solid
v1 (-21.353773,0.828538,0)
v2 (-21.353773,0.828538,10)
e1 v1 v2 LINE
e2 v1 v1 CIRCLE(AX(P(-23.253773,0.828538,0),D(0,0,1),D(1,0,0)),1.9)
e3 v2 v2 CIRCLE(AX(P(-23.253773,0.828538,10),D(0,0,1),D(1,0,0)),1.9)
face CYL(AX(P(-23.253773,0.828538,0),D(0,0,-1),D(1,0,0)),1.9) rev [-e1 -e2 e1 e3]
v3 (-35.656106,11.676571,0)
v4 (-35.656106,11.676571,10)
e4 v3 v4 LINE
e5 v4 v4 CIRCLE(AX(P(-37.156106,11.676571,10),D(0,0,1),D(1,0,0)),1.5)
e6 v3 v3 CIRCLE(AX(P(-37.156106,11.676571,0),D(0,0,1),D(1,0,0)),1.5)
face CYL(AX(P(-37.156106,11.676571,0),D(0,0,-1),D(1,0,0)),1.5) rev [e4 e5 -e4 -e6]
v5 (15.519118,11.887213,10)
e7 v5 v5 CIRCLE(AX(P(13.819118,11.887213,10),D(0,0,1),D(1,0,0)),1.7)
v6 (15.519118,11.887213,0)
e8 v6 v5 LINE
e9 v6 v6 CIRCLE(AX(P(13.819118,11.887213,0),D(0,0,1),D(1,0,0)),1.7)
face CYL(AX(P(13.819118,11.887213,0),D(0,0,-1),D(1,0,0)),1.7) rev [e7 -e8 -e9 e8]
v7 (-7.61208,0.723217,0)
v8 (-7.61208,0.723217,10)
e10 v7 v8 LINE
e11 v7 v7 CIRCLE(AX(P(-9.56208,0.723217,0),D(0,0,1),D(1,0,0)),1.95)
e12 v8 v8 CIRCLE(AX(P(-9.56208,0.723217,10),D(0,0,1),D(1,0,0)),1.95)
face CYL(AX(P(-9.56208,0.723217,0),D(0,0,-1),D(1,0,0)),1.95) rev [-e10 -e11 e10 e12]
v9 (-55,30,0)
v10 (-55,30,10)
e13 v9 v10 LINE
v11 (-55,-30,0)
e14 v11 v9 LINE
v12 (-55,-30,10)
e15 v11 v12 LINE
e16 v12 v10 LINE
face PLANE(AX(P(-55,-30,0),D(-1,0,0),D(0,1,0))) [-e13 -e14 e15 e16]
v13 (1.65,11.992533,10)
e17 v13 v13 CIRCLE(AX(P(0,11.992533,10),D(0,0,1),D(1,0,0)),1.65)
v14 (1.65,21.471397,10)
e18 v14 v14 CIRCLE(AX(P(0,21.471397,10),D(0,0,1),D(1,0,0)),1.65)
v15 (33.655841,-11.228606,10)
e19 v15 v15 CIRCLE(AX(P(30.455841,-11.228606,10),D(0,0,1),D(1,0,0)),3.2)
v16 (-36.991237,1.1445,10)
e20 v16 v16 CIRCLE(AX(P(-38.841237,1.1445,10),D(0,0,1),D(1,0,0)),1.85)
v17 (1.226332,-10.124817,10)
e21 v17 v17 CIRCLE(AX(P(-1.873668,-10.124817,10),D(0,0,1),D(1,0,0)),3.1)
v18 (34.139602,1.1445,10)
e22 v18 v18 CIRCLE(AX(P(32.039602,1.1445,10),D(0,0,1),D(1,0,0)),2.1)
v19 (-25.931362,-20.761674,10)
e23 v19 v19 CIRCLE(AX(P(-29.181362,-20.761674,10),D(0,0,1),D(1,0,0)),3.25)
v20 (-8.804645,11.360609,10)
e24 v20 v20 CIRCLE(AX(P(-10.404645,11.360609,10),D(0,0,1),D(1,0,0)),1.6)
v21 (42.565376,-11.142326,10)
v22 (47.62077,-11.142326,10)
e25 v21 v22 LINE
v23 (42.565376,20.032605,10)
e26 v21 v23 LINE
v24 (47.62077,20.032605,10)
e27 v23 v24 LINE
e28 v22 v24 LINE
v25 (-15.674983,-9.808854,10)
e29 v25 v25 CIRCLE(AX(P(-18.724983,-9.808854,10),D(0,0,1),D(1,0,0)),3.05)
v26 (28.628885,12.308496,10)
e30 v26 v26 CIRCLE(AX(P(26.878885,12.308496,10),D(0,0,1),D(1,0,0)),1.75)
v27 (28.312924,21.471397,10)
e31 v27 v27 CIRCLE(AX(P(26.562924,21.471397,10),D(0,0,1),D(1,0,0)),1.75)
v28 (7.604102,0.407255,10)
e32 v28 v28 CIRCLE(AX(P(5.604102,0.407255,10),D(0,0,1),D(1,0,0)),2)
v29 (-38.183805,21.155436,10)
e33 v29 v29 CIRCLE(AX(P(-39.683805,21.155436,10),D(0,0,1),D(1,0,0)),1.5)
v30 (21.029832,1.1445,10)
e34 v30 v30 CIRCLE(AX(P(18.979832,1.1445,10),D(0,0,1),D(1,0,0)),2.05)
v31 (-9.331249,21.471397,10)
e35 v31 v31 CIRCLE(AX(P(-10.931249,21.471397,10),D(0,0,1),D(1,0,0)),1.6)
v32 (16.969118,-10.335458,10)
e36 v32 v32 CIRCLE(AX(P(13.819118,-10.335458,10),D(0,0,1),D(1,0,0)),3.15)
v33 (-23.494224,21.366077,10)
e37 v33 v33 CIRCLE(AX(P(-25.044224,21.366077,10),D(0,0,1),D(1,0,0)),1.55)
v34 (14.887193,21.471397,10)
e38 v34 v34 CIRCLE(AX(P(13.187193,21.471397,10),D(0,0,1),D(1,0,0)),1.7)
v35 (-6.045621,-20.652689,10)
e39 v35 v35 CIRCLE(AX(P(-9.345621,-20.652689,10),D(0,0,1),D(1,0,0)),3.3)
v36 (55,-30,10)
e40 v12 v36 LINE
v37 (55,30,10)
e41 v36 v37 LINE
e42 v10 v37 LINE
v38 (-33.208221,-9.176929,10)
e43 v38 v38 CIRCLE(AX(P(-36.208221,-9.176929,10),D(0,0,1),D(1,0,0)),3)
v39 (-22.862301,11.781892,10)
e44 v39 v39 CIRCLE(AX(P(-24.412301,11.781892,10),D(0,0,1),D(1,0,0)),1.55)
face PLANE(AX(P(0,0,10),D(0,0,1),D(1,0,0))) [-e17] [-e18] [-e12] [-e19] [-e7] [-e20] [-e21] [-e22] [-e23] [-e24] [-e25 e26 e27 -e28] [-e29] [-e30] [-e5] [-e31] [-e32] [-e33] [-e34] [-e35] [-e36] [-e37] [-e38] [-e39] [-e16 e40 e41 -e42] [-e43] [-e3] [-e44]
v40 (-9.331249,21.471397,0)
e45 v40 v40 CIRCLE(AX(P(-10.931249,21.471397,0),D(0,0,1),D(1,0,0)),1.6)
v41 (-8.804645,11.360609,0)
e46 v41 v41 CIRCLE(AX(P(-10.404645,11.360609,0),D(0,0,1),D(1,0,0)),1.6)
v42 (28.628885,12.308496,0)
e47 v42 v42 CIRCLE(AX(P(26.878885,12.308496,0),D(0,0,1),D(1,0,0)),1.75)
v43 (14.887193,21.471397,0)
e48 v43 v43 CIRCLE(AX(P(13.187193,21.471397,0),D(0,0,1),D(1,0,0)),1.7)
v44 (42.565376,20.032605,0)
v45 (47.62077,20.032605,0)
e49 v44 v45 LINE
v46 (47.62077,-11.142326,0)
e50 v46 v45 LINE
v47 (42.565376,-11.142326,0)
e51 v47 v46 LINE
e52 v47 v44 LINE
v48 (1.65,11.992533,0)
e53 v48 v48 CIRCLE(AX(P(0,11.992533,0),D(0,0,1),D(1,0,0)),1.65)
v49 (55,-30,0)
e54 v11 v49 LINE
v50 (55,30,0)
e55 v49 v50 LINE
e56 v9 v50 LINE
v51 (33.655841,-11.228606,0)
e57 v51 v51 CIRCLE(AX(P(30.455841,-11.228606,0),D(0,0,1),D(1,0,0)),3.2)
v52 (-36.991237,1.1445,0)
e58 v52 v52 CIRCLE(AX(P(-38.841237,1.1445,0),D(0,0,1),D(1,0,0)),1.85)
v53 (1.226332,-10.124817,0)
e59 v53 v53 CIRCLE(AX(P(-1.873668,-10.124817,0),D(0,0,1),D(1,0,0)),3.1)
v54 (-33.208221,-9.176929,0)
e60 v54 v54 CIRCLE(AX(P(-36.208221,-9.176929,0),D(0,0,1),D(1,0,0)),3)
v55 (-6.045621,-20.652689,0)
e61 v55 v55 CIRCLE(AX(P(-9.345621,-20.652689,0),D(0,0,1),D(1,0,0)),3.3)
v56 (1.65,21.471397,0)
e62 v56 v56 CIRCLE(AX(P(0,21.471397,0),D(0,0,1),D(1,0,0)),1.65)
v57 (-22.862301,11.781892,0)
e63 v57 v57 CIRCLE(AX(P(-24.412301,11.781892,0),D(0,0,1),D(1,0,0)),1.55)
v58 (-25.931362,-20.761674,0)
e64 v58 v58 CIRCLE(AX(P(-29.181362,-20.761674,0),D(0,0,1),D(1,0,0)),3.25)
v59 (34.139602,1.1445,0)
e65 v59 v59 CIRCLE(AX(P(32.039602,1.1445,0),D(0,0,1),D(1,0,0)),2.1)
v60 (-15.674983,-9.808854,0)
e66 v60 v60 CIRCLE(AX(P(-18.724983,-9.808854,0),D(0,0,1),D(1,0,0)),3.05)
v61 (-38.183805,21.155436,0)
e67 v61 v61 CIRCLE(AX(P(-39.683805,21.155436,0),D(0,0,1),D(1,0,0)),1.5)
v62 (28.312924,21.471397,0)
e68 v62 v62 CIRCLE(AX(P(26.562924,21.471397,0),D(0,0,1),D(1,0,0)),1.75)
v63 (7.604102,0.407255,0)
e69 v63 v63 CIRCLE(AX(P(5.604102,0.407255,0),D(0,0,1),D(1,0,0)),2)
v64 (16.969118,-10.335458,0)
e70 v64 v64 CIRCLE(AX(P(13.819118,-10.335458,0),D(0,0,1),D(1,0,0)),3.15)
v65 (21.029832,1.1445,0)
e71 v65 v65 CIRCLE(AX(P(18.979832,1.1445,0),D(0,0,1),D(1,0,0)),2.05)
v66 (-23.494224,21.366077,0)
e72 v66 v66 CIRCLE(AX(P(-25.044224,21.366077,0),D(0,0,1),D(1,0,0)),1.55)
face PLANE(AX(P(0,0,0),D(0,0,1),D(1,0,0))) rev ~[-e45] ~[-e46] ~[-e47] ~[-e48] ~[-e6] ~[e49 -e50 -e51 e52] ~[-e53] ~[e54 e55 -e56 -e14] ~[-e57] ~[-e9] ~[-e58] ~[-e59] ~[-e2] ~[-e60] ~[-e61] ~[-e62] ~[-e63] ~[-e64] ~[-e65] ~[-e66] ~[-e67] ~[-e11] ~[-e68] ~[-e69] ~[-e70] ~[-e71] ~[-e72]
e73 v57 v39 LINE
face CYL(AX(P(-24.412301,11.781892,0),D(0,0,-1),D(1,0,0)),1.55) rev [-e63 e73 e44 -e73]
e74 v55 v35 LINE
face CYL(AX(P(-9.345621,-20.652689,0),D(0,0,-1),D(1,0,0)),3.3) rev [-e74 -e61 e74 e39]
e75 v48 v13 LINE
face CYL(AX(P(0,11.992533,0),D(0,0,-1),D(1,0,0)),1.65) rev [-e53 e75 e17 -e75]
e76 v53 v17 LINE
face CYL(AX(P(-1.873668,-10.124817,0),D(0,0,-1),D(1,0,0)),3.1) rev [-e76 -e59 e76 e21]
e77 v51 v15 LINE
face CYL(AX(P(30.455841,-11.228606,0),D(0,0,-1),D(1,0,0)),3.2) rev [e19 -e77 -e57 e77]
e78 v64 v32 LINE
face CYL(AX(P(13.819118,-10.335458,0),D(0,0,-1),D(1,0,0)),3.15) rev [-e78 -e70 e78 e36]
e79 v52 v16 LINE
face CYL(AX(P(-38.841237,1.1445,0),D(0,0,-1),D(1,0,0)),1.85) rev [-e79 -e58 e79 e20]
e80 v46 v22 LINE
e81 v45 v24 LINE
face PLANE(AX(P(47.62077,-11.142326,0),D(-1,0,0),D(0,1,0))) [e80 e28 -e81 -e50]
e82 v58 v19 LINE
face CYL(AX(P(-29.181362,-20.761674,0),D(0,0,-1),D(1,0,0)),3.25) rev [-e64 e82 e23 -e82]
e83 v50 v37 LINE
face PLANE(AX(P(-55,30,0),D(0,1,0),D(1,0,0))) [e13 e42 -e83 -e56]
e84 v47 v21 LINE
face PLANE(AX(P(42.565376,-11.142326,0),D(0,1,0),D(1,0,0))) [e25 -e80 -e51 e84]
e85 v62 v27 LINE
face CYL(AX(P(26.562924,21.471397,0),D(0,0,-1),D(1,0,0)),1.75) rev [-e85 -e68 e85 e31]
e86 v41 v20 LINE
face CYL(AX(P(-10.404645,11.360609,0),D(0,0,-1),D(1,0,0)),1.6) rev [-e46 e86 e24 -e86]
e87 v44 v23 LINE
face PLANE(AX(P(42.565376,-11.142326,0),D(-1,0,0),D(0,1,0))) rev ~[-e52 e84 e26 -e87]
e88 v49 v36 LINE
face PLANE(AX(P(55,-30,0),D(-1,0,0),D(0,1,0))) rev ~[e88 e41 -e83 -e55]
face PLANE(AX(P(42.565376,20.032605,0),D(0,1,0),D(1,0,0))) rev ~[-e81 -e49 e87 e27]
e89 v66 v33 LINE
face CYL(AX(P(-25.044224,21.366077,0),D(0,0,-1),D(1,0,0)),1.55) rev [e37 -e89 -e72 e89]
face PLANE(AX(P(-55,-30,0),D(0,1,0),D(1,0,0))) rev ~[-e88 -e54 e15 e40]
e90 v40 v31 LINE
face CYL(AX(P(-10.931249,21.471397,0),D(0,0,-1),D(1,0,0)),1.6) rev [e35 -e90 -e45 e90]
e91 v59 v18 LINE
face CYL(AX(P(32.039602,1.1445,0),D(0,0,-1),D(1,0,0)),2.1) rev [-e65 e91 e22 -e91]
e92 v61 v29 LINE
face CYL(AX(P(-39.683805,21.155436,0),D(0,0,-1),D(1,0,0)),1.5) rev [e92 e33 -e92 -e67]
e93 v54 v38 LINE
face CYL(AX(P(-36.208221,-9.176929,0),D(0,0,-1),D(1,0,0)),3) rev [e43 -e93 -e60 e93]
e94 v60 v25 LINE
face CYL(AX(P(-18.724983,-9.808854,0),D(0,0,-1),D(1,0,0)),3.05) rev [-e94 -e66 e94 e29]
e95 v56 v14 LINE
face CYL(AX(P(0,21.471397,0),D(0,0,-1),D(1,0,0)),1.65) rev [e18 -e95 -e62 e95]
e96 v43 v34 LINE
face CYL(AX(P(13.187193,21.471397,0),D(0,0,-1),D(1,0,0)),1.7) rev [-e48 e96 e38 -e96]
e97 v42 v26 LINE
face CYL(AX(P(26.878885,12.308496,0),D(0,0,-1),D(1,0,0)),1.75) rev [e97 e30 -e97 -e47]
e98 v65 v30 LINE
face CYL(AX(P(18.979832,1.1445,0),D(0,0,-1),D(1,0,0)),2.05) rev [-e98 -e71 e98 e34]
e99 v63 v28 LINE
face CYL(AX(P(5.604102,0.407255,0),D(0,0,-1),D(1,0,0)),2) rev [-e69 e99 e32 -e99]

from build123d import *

# Parameters (mm, degrees)
F0_W     = 110
F0_H     = 60
F0_R     = 3.25
F0_R_2   = 3.3
F0_R_3   = 3
F0_R_4   = 3.05
F0_R_5   = 3.1
F0_R_6   = 3.15
F0_R_7   = 3.2
F0_R_8   = 1.85
F0_R_9   = 1.5
F0_R_10  = 1.9
F0_R_11  = 1.95
F0_R_12  = 1.55
F0_R_13  = 1.6
F0_R_14  = 2
F0_R_15  = 2.05
F0_R_16  = 1.65
F0_R_17  = 1.7
F0_R_18  = 1.75
F0_R_19  = 2.1
F0_W_2   = 5.055394
F0_H_2   = 31.174931
F1_DEPTH = 10


with BuildPart() as f1:
    # F0 (on Top) → F1 (new body)
    with BuildSketch(Plane.XY):
        Rectangle(F0_W, F0_H)
        with Locations((-29.181362, -20.761674)):
            Circle(F0_R, mode=Mode.SUBTRACT)
        with Locations((-9.345621, -20.652689)):
            Circle(F0_R_2, mode=Mode.SUBTRACT)
        with Locations((-36.208221, -9.176929)):
            Circle(F0_R_3, mode=Mode.SUBTRACT)
        with Locations((-18.724983, -9.808854)):
            Circle(F0_R_4, mode=Mode.SUBTRACT)
        with Locations((-1.873668, -10.124817)):
            Circle(F0_R_5, mode=Mode.SUBTRACT)
        with Locations((13.819118, -10.335458)):
            Circle(F0_R_6, mode=Mode.SUBTRACT)
        with Locations((30.455841, -11.228606)):
            Circle(F0_R_7, mode=Mode.SUBTRACT)
        with Locations((-38.841237, 1.1445)):
            Circle(F0_R_8, mode=Mode.SUBTRACT)
        with Locations((-37.156106, 11.676571)):
            Circle(F0_R_9, mode=Mode.SUBTRACT)
        with Locations((-23.253773, 0.828538)):
            Circle(F0_R_10, mode=Mode.SUBTRACT)
        with Locations((-9.56208, 0.723217)):
            Circle(F0_R_11, mode=Mode.SUBTRACT)
        with Locations((-24.412301, 11.781892)):
            Circle(F0_R_12, mode=Mode.SUBTRACT)
        with Locations((-10.404645, 11.360609)):
            Circle(F0_R_13, mode=Mode.SUBTRACT)
        with Locations((-39.683805, 21.155436)):
            Circle(F0_R_9, mode=Mode.SUBTRACT)
        with Locations((-25.044224, 21.366077)):
            Circle(F0_R_12, mode=Mode.SUBTRACT)
        with Locations((-10.931249, 21.471397)):
            Circle(F0_R_13, mode=Mode.SUBTRACT)
        with Locations((5.604102, 0.407255)):
            Circle(F0_R_14, mode=Mode.SUBTRACT)
        with Locations((18.979832, 1.1445)):
            Circle(F0_R_15, mode=Mode.SUBTRACT)
        with Locations((0, 11.992533)):
            Circle(F0_R_16, mode=Mode.SUBTRACT)
        with Locations((13.819118, 11.887213)):
            Circle(F0_R_17, mode=Mode.SUBTRACT)
        with Locations((26.878885, 12.308496)):
            Circle(F0_R_18, mode=Mode.SUBTRACT)
        with Locations((32.039602, 1.1445)):
            Circle(F0_R_19, mode=Mode.SUBTRACT)
        with Locations((45.093073, 4.44514)):
            Rectangle(F0_W_2, F0_H_2, mode=Mode.SUBTRACT)
        with Locations((0, 21.471397)):
            Circle(F0_R_16, mode=Mode.SUBTRACT)
        with Locations((13.187193, 21.471397)):
            Circle(F0_R_17, mode=Mode.SUBTRACT)
        with Locations((26.562924, 21.471397)):
            Circle(F0_R_18, mode=Mode.SUBTRACT)
    extrude(amount=F1_DEPTH)


solid = f1.part
